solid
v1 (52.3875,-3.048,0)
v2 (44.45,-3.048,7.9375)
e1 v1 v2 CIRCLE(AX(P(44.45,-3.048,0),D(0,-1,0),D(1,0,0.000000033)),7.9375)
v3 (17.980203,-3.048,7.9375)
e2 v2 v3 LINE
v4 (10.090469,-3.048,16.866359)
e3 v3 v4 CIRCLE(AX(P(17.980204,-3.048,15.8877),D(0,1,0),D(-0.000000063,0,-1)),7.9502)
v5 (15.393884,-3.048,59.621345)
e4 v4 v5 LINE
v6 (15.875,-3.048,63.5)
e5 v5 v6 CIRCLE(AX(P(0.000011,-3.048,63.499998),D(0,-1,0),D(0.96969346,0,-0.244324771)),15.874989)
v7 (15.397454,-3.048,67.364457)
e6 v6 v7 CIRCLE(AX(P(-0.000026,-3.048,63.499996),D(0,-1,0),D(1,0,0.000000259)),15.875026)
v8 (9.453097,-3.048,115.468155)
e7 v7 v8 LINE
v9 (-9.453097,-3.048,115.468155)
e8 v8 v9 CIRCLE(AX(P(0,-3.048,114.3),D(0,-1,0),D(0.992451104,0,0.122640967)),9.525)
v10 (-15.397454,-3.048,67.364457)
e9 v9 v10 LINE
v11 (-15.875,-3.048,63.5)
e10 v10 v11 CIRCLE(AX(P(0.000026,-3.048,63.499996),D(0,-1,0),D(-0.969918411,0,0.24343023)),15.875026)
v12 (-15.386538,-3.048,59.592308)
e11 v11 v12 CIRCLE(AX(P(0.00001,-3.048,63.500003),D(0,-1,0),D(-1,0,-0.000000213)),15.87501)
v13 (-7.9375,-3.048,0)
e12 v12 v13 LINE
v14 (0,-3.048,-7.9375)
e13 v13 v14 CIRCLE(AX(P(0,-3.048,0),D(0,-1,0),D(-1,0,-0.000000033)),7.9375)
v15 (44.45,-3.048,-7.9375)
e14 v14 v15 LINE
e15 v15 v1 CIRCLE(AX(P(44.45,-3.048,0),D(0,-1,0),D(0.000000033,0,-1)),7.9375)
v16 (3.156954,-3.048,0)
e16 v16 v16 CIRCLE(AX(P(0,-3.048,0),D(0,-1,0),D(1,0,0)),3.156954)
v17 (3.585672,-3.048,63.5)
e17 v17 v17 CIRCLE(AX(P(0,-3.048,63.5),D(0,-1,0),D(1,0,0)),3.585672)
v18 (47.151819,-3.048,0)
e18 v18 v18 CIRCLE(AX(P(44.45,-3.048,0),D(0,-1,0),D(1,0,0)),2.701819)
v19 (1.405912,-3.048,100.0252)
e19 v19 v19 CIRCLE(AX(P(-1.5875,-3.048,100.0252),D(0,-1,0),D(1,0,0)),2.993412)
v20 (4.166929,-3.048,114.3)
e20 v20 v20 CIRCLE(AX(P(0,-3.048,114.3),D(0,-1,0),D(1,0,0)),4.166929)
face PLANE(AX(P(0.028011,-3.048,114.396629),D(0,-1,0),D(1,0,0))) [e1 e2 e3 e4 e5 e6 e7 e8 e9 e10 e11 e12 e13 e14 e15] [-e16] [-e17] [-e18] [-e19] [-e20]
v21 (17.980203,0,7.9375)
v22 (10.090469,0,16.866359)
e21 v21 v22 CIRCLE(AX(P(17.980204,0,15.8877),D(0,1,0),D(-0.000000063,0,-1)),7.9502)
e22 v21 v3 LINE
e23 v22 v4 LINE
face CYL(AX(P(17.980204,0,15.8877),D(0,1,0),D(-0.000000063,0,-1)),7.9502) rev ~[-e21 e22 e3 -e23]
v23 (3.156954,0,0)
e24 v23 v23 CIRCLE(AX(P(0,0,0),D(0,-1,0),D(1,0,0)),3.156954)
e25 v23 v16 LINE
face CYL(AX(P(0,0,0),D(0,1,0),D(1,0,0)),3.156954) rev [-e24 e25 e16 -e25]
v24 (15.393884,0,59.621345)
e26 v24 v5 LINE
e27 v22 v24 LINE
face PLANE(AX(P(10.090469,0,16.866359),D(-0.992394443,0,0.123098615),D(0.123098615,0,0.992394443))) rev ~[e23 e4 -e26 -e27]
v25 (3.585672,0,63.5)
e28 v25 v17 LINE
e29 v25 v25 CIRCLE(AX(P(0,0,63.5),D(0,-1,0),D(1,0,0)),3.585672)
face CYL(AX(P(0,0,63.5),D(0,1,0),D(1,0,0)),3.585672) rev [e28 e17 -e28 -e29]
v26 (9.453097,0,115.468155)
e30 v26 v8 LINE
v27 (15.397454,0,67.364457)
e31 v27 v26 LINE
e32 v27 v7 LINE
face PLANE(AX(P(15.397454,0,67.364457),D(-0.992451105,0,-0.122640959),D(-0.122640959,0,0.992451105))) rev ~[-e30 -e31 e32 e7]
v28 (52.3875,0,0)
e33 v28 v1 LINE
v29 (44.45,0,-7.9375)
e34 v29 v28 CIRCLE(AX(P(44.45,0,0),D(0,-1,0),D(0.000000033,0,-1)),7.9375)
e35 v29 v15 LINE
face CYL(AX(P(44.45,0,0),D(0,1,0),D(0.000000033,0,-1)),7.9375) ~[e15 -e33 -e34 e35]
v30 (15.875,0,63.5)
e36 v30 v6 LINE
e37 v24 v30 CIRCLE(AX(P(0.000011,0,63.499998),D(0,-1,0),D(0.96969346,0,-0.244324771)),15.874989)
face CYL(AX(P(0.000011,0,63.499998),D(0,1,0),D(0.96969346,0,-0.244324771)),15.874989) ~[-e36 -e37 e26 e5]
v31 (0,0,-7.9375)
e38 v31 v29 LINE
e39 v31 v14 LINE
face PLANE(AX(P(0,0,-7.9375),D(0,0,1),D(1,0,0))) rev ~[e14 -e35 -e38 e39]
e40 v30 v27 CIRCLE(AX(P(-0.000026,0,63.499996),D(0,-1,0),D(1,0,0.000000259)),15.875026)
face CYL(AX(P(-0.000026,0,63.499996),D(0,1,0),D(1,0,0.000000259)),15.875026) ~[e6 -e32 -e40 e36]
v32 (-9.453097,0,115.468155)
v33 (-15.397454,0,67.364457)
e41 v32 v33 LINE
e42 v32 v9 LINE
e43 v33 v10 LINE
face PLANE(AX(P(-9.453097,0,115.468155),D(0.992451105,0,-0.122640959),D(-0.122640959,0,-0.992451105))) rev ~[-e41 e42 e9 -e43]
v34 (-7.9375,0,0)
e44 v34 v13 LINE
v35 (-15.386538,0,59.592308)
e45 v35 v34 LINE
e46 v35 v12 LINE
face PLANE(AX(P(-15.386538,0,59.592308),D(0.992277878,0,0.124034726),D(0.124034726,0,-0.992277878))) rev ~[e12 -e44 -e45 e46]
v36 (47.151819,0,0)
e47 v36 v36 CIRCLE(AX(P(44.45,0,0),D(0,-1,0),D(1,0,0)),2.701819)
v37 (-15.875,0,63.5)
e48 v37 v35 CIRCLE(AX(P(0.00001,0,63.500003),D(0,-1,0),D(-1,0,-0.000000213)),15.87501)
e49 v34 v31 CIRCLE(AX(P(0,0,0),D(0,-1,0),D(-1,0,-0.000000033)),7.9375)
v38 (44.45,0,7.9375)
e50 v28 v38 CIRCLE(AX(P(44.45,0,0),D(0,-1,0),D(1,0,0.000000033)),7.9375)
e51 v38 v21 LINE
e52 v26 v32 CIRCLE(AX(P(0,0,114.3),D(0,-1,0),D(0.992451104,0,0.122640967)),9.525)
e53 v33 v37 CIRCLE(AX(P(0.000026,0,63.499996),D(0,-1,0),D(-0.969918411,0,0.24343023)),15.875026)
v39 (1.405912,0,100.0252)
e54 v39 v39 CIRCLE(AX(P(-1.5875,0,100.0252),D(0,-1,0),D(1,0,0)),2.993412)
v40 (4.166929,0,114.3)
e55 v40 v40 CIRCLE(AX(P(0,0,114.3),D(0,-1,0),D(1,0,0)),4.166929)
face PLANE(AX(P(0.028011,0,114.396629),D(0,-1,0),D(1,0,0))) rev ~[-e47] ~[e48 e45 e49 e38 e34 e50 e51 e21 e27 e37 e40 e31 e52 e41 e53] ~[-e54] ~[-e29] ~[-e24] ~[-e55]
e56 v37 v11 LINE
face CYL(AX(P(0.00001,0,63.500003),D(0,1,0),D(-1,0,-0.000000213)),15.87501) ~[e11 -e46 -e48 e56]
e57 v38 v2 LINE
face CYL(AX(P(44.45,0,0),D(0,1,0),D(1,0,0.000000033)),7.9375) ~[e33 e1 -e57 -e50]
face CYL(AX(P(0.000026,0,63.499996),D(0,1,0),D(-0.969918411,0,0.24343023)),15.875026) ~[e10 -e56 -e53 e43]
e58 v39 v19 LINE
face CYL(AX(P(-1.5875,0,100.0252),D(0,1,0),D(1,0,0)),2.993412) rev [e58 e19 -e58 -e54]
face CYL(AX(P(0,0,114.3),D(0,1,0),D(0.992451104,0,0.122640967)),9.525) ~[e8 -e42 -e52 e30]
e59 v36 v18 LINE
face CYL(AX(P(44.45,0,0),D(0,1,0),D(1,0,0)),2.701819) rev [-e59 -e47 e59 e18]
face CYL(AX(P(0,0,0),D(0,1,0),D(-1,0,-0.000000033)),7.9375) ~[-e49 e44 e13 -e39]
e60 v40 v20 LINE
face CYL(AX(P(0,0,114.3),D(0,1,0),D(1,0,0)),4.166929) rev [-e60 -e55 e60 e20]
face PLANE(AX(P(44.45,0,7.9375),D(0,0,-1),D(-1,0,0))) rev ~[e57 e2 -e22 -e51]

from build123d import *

# Parameters (mm, degrees)
F0_R     = 4.166929
F0_R_2   = 2.993412
F0_R_3   = 3.585672
F0_R_4   = 3.156954
F0_R_5   = 2.701819
F1_DEPTH = 3.048


with BuildPart() as f1:
    # F0 (on Front) → F1 (new body)
    with BuildSketch(Plane.XZ):
        with BuildLine():
            ThreePointArc((-9.453097, 115.468155), (-0.585183, 104.792993), (9.525, 114.3))
            ThreePointArc((9.525, 114.3), (9.507007, 114.885183), (9.453097, 115.468155))
            ThreePointArc((9.453097, 115.468155), (0, 123.825), (-9.453097, 115.468155))
        make_face()
        with Locations((0, 114.3)):
            Circle(F0_R, mode=Mode.SUBTRACT)
        with BuildLine():
            ThreePointArc((9.453097, 115.468155), (9.507007, 114.885183), (9.525, 114.3))
            ThreePointArc((9.525, 114.3), (-0.585183, 104.792993), (-9.453097, 115.468155))
            Line((-9.453097, 115.468155), (-15.397454, 67.364457))
            ThreePointArc((-15.397454, 67.364457), (0, 79.375), (15.397454, 67.364457))
            Line((15.397454, 67.364457), (9.453097, 115.468155))
        make_face()
        with Locations((-1.5875, 100.0252)):
            Circle(F0_R_2, mode=Mode.SUBTRACT)
        with BuildLine():
            ThreePointArc((15.875, 63.5), (15.755161, 65.446925), (15.397454, 67.364457))
            ThreePointArc((15.397454, 67.364457), (0, 79.375), (-15.397454, 67.364457))
            ThreePointArc((-15.397454, 67.364457), (-15.755161, 65.446925), (-15.875, 63.5))
            Line((-15.875, 63.5), (-15.386538, 59.592308))
            ThreePointArc((-15.386538, 59.592308), (0.014976, 47.625007), (15.393884, 59.621345))
            Line((15.393884, 59.621345), (15.875, 63.5))
        make_face()
        with Locations((0, 63.5)):
            Circle(F0_R_3, mode=Mode.SUBTRACT)
        with BuildLine():
            ThreePointArc((15.393884, 59.621345), (15.754262, 61.54581), (15.875, 63.5))
            Line((15.875, 63.5), (15.393884, 59.621345))
        make_face()
        with BuildLine():
            Line((-15.386538, 59.592308), (-15.875, 63.5))
            ThreePointArc((-15.875, 63.5), (-15.752411, 61.530949), (-15.386538, 59.592308))
        make_face()
        with BuildLine():
            Line((10.090469, 16.866359), (15.393884, 59.621345))
            ThreePointArc((15.393884, 59.621345), (0.014976, 47.625007), (-15.386538, 59.592308))
            Line((-15.386538, 59.592308), (-7.9375, 0))
            ThreePointArc((-7.9375, 0), (0, 7.9375), (7.9375, 0))
            ThreePointArc((7.9375, 0), (5.61266, -5.61266), (0, -7.9375))
            Line((0, -7.9375), (44.45, -7.9375))
            ThreePointArc((44.45, -7.9375), (36.5125, 0), (44.45, 7.9375))
            Line((44.45, 7.9375), (17.980203, 7.9375))
            ThreePointArc((17.980203, 7.9375), (12.022594, 10.623427), (10.090469, 16.866359))
        make_face()
        with BuildLine():
            ThreePointArc((7.9375, 0), (0, 7.9375), (-7.9375, 0))
            ThreePointArc((-7.9375, 0), (-5.61266, -5.61266), (0, -7.9375))
            ThreePointArc((0, -7.9375), (5.61266, -5.61266), (7.9375, 0))
        make_face()
        Circle(F0_R_4, mode=Mode.SUBTRACT)
        with BuildLine():
            ThreePointArc((52.3875, 0), (50.06266, 5.61266), (44.45, 7.9375))
            ThreePointArc((44.45, 7.9375), (36.5125, 0), (44.45, -7.9375))
            ThreePointArc((44.45, -7.9375), (50.06266, -5.61266), (52.3875, 0))
        make_face()
        with Locations((44.45, 0)):
            Circle(F0_R_5, mode=Mode.SUBTRACT)
    extrude(amount=F1_DEPTH)


solid = f1.part
